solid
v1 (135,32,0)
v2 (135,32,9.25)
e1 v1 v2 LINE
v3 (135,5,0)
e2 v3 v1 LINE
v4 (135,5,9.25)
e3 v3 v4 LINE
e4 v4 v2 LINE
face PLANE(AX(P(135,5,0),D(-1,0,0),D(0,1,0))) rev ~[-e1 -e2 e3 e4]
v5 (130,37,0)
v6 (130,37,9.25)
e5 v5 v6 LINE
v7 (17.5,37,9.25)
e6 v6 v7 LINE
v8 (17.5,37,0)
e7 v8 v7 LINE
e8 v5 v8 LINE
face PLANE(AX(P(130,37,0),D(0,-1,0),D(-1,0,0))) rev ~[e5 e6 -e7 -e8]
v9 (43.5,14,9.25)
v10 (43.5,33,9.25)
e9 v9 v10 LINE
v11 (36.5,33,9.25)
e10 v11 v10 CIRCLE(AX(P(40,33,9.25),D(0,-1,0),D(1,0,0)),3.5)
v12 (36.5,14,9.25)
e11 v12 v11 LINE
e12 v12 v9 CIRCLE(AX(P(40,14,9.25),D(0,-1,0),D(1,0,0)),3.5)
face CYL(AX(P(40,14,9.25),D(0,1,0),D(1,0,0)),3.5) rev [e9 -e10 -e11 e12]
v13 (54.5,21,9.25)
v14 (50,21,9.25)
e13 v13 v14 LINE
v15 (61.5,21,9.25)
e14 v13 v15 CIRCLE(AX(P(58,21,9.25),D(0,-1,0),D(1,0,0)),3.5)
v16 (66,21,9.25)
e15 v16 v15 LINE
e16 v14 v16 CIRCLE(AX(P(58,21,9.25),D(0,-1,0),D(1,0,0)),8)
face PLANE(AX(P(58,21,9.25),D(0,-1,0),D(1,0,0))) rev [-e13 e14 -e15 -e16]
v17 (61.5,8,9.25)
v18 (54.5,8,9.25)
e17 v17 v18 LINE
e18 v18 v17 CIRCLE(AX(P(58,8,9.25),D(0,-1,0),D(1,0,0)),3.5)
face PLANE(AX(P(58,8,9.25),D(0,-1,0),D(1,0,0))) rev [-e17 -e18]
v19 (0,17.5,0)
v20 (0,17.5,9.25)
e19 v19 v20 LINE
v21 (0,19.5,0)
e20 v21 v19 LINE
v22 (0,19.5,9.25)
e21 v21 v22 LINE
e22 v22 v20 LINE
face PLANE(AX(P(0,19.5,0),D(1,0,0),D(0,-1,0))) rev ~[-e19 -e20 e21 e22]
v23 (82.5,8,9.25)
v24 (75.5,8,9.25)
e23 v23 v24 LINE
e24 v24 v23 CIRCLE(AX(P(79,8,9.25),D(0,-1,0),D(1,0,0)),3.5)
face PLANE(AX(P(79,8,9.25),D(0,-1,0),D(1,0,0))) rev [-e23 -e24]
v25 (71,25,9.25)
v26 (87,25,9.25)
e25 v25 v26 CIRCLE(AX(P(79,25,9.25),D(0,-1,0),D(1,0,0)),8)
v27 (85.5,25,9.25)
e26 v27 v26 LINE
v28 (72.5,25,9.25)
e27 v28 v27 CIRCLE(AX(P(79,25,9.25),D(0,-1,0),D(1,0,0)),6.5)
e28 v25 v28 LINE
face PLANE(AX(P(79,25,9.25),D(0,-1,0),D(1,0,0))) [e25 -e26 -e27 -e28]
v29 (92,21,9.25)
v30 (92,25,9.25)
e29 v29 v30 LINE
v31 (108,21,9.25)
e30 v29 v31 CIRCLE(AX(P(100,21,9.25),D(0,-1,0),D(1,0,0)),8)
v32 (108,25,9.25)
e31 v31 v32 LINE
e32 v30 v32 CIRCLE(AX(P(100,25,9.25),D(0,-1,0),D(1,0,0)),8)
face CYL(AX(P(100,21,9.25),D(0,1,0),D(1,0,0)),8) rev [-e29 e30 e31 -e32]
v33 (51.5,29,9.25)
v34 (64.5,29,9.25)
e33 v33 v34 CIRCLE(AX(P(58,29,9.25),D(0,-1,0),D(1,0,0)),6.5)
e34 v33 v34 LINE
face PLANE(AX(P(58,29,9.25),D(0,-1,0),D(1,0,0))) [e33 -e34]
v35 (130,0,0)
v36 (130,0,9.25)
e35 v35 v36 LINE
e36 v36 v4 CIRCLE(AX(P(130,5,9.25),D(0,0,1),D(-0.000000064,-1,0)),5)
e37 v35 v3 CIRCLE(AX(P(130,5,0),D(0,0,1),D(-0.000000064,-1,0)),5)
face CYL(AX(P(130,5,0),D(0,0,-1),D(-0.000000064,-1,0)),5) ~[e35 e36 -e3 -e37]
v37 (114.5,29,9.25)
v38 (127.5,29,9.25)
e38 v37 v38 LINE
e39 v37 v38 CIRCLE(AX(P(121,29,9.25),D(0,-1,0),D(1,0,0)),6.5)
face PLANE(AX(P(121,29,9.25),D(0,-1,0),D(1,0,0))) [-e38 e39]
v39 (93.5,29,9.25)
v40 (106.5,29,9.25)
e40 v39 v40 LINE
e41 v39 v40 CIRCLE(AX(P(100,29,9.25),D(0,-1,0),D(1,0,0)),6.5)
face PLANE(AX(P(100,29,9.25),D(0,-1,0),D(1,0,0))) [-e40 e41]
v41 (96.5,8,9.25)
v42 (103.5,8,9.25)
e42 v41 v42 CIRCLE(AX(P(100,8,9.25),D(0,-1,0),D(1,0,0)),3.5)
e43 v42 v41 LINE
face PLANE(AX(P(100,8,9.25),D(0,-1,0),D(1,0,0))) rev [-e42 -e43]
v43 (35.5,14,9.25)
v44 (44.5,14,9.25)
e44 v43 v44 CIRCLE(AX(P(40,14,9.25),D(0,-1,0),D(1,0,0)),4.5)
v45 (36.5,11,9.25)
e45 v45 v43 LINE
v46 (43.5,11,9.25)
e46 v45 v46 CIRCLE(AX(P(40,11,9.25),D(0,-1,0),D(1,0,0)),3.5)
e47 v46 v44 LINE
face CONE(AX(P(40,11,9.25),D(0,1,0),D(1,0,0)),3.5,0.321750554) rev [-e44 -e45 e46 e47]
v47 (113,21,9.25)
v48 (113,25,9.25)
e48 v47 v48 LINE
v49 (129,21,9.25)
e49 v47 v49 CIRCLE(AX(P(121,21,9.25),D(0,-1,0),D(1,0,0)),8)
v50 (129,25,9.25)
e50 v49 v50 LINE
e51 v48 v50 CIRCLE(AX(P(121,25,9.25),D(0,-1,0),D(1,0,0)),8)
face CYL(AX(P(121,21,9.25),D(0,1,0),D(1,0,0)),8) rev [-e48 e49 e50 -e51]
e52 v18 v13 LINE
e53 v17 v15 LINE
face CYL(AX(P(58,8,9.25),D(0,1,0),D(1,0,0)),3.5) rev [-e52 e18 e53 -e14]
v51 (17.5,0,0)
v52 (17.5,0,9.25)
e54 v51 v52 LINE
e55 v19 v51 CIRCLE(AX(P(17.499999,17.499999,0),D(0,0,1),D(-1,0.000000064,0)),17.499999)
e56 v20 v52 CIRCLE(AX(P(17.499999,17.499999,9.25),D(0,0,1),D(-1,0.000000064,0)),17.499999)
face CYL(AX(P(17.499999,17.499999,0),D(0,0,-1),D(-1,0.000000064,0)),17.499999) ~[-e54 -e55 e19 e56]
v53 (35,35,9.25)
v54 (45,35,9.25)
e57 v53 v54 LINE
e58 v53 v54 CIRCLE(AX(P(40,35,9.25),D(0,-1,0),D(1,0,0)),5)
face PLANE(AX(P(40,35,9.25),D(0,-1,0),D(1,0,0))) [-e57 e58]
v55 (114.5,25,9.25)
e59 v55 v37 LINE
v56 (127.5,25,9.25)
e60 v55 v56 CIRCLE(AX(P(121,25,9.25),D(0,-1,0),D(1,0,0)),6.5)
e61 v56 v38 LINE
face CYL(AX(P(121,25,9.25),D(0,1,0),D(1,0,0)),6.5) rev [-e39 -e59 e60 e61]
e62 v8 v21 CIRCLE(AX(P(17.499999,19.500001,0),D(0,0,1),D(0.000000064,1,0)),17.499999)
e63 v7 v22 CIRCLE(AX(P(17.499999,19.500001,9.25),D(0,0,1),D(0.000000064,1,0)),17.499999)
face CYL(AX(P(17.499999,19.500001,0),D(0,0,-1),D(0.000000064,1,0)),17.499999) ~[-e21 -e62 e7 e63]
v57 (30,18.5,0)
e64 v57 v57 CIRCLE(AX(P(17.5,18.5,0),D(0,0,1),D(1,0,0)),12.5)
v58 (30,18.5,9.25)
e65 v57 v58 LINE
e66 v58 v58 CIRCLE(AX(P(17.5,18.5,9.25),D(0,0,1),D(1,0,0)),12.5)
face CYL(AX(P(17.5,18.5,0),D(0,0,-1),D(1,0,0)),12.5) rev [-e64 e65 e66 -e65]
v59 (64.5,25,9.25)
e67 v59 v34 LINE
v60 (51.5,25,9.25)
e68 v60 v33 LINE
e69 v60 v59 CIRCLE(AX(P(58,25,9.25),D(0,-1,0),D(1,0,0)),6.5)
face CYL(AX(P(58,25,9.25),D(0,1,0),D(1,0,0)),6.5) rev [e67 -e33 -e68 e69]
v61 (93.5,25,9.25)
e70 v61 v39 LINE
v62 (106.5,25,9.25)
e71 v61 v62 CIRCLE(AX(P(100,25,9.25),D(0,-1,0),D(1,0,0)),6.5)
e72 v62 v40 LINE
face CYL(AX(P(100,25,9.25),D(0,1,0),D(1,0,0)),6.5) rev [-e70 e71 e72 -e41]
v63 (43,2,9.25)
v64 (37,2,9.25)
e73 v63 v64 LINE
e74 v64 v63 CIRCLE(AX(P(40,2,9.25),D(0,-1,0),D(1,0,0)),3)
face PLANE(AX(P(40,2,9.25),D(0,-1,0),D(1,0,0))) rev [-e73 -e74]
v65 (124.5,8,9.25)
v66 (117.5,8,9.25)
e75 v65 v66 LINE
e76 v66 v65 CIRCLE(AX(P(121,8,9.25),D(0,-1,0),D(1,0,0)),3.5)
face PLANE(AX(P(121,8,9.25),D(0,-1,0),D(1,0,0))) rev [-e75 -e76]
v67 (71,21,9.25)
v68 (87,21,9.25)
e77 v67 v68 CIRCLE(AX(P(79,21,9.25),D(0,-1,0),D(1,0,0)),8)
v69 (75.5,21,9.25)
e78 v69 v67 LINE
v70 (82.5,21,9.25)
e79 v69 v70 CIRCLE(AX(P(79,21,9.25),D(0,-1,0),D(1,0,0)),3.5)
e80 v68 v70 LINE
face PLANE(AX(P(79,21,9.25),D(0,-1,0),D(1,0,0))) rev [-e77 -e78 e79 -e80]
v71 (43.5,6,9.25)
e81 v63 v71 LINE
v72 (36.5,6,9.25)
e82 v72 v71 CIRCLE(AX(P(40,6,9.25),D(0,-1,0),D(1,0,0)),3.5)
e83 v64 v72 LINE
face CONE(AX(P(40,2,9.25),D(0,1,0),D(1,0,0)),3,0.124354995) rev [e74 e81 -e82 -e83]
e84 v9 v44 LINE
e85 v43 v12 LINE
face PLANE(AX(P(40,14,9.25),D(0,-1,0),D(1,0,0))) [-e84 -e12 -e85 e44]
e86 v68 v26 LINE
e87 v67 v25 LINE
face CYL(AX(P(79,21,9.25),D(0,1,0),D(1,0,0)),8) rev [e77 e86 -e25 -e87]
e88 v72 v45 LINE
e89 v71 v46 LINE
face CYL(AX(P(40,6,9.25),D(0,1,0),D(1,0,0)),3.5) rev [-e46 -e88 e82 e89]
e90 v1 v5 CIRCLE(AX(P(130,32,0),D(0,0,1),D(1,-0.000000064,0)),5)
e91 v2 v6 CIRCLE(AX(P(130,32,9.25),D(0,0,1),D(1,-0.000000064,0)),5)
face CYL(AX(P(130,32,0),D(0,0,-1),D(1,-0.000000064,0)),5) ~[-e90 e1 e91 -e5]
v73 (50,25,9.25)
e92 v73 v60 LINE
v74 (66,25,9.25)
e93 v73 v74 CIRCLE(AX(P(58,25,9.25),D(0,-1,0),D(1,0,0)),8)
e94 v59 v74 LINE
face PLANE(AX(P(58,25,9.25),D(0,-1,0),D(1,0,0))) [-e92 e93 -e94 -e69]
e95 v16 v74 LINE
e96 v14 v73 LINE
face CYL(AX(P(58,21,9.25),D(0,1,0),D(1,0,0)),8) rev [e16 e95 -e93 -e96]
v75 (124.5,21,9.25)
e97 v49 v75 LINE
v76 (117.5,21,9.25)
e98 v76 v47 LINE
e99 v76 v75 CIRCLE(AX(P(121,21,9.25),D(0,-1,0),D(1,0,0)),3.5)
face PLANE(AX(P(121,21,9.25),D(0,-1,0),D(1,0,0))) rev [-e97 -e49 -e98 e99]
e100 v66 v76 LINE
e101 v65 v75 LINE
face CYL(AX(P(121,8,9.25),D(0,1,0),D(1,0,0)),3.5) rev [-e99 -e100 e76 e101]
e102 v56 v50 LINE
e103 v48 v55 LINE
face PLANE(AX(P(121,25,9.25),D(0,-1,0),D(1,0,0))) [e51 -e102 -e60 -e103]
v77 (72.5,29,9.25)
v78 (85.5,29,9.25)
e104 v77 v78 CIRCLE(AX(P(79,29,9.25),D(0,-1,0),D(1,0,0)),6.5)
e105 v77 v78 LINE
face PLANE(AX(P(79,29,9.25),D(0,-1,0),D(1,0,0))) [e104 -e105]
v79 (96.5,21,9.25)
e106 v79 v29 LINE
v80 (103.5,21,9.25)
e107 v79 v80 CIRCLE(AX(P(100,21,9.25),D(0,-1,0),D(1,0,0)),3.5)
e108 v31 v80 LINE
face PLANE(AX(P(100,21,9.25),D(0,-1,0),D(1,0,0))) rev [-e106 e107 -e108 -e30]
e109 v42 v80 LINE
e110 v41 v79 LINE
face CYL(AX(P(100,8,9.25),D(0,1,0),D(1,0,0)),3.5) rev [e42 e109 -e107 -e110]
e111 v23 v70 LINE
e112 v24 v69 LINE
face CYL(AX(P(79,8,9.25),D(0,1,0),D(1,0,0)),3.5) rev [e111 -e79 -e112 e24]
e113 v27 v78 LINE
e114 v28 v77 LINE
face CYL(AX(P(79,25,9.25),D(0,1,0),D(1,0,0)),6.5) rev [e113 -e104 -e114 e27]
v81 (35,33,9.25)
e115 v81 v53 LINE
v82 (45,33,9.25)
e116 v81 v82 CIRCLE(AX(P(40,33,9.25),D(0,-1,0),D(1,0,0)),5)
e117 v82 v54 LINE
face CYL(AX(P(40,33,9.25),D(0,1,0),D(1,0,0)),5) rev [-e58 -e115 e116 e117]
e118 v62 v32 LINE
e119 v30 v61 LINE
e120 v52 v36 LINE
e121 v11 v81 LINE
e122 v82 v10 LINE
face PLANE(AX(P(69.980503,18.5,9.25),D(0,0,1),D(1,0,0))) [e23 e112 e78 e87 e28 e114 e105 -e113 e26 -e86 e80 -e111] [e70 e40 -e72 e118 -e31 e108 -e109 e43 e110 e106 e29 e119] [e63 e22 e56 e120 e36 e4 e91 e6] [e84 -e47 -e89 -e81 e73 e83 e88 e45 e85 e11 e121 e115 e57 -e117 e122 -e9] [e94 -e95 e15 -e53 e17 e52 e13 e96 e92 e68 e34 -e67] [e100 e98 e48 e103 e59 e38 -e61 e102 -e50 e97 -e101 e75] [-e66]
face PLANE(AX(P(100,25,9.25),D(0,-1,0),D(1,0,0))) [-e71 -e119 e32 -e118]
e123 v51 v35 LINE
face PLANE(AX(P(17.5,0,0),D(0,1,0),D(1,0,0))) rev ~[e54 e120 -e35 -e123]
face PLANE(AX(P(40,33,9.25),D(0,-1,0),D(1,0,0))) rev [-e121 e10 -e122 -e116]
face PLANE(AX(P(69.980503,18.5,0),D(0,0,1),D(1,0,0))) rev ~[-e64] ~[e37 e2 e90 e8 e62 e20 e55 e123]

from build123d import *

# Parameters (mm, degrees)
F0_R     = 12.5
F1_DEPTH = 9.25


with BuildPart() as f1:
    # F0 (on Top) → F1 (new body)
    with BuildSketch(Plane.XY):
        with BuildLine():
            ThreePointArc((0, 17.5), (5.125631, 5.125631), (17.5, 0))
            Line((17.5, 0), (130, 0))
            ThreePointArc((130, 0), (133.535534, 1.464466), (135, 5))
            Line((135, 5), (135, 32))
            ThreePointArc((135, 32), (133.535534, 35.535534), (130, 37))
            Line((130, 37), (17.5, 37))
            ThreePointArc((17.5, 37), (5.125631, 31.874369), (0, 19.5))
            Line((0, 19.5), (0, 17.5))
        make_face()
        with Locations((17.5, 18.5)):
            Circle(F0_R, mode=Mode.SUBTRACT)
    extrude(amount=F1_DEPTH)

    # F2 (on face) → F3 (revolve, cut)
    with BuildSketch(Plane.XY.offset(9.25)):
        Polygon((45, 35), (40, 35), (40, 33), (40, 13), (40, 2), (43, 2), (43.5, 6), (43.5, 11), (44.5, 14), (43.5, 14), (43.5, 33), (45, 33), align=None)
    revolve(axis=Axis((40, 23, 9.25), (0, -1, 0)), mode=Mode.SUBTRACT)

    # F2 (on face) → F4 (revolve, cut)
    with BuildSketch(Plane.XY.offset(9.25)):
        Polygon((64.5, 29), (58, 29), (58, 25), (58, 21), (58, 8), (61.5, 8), (61.5, 21), (66, 21), (66, 25), (64.5, 25), align=None)
    revolve(axis=Axis((58, 14.5, 9.25), (0, -1, 0)), mode=Mode.SUBTRACT)

    # F2 (on face) → F5 (revolve, cut)
    with BuildSketch(Plane.XY.offset(9.25)):
        Polygon((85.5, 29), (79, 29), (79, 25), (79, 21), (79, 8), (82.5, 8), (82.5, 21), (87, 21), (87, 25), (85.5, 25), align=None)
    revolve(axis=Axis((79, 14.5, 9.25), (0, -1, 0)), mode=Mode.SUBTRACT)

    # F2 (on face) → F6 (revolve, cut)
    with BuildSketch(Plane.XY.offset(9.25)):
        Polygon((106.5, 29), (100, 29), (100, 25), (100, 21), (100, 8), (103.5, 8), (103.5, 21), (108, 21), (108, 25), (106.5, 25), align=None)
    revolve(axis=Axis((100, 14.5, 9.25), (0, -1, 0)), mode=Mode.SUBTRACT)

    # F2 (on face) → F7 (revolve, cut)
    with BuildSketch(Plane.XY.offset(9.25)):
        Polygon((127.5, 29), (121, 29), (121, 25), (121, 21), (121, 8), (124.5, 8), (124.5, 21), (129, 21), (129, 25), (127.5, 25), align=None)
    revolve(axis=Axis((121, 14.5, 9.25), (0, -1, 0)), mode=Mode.SUBTRACT)


solid = f1.part
